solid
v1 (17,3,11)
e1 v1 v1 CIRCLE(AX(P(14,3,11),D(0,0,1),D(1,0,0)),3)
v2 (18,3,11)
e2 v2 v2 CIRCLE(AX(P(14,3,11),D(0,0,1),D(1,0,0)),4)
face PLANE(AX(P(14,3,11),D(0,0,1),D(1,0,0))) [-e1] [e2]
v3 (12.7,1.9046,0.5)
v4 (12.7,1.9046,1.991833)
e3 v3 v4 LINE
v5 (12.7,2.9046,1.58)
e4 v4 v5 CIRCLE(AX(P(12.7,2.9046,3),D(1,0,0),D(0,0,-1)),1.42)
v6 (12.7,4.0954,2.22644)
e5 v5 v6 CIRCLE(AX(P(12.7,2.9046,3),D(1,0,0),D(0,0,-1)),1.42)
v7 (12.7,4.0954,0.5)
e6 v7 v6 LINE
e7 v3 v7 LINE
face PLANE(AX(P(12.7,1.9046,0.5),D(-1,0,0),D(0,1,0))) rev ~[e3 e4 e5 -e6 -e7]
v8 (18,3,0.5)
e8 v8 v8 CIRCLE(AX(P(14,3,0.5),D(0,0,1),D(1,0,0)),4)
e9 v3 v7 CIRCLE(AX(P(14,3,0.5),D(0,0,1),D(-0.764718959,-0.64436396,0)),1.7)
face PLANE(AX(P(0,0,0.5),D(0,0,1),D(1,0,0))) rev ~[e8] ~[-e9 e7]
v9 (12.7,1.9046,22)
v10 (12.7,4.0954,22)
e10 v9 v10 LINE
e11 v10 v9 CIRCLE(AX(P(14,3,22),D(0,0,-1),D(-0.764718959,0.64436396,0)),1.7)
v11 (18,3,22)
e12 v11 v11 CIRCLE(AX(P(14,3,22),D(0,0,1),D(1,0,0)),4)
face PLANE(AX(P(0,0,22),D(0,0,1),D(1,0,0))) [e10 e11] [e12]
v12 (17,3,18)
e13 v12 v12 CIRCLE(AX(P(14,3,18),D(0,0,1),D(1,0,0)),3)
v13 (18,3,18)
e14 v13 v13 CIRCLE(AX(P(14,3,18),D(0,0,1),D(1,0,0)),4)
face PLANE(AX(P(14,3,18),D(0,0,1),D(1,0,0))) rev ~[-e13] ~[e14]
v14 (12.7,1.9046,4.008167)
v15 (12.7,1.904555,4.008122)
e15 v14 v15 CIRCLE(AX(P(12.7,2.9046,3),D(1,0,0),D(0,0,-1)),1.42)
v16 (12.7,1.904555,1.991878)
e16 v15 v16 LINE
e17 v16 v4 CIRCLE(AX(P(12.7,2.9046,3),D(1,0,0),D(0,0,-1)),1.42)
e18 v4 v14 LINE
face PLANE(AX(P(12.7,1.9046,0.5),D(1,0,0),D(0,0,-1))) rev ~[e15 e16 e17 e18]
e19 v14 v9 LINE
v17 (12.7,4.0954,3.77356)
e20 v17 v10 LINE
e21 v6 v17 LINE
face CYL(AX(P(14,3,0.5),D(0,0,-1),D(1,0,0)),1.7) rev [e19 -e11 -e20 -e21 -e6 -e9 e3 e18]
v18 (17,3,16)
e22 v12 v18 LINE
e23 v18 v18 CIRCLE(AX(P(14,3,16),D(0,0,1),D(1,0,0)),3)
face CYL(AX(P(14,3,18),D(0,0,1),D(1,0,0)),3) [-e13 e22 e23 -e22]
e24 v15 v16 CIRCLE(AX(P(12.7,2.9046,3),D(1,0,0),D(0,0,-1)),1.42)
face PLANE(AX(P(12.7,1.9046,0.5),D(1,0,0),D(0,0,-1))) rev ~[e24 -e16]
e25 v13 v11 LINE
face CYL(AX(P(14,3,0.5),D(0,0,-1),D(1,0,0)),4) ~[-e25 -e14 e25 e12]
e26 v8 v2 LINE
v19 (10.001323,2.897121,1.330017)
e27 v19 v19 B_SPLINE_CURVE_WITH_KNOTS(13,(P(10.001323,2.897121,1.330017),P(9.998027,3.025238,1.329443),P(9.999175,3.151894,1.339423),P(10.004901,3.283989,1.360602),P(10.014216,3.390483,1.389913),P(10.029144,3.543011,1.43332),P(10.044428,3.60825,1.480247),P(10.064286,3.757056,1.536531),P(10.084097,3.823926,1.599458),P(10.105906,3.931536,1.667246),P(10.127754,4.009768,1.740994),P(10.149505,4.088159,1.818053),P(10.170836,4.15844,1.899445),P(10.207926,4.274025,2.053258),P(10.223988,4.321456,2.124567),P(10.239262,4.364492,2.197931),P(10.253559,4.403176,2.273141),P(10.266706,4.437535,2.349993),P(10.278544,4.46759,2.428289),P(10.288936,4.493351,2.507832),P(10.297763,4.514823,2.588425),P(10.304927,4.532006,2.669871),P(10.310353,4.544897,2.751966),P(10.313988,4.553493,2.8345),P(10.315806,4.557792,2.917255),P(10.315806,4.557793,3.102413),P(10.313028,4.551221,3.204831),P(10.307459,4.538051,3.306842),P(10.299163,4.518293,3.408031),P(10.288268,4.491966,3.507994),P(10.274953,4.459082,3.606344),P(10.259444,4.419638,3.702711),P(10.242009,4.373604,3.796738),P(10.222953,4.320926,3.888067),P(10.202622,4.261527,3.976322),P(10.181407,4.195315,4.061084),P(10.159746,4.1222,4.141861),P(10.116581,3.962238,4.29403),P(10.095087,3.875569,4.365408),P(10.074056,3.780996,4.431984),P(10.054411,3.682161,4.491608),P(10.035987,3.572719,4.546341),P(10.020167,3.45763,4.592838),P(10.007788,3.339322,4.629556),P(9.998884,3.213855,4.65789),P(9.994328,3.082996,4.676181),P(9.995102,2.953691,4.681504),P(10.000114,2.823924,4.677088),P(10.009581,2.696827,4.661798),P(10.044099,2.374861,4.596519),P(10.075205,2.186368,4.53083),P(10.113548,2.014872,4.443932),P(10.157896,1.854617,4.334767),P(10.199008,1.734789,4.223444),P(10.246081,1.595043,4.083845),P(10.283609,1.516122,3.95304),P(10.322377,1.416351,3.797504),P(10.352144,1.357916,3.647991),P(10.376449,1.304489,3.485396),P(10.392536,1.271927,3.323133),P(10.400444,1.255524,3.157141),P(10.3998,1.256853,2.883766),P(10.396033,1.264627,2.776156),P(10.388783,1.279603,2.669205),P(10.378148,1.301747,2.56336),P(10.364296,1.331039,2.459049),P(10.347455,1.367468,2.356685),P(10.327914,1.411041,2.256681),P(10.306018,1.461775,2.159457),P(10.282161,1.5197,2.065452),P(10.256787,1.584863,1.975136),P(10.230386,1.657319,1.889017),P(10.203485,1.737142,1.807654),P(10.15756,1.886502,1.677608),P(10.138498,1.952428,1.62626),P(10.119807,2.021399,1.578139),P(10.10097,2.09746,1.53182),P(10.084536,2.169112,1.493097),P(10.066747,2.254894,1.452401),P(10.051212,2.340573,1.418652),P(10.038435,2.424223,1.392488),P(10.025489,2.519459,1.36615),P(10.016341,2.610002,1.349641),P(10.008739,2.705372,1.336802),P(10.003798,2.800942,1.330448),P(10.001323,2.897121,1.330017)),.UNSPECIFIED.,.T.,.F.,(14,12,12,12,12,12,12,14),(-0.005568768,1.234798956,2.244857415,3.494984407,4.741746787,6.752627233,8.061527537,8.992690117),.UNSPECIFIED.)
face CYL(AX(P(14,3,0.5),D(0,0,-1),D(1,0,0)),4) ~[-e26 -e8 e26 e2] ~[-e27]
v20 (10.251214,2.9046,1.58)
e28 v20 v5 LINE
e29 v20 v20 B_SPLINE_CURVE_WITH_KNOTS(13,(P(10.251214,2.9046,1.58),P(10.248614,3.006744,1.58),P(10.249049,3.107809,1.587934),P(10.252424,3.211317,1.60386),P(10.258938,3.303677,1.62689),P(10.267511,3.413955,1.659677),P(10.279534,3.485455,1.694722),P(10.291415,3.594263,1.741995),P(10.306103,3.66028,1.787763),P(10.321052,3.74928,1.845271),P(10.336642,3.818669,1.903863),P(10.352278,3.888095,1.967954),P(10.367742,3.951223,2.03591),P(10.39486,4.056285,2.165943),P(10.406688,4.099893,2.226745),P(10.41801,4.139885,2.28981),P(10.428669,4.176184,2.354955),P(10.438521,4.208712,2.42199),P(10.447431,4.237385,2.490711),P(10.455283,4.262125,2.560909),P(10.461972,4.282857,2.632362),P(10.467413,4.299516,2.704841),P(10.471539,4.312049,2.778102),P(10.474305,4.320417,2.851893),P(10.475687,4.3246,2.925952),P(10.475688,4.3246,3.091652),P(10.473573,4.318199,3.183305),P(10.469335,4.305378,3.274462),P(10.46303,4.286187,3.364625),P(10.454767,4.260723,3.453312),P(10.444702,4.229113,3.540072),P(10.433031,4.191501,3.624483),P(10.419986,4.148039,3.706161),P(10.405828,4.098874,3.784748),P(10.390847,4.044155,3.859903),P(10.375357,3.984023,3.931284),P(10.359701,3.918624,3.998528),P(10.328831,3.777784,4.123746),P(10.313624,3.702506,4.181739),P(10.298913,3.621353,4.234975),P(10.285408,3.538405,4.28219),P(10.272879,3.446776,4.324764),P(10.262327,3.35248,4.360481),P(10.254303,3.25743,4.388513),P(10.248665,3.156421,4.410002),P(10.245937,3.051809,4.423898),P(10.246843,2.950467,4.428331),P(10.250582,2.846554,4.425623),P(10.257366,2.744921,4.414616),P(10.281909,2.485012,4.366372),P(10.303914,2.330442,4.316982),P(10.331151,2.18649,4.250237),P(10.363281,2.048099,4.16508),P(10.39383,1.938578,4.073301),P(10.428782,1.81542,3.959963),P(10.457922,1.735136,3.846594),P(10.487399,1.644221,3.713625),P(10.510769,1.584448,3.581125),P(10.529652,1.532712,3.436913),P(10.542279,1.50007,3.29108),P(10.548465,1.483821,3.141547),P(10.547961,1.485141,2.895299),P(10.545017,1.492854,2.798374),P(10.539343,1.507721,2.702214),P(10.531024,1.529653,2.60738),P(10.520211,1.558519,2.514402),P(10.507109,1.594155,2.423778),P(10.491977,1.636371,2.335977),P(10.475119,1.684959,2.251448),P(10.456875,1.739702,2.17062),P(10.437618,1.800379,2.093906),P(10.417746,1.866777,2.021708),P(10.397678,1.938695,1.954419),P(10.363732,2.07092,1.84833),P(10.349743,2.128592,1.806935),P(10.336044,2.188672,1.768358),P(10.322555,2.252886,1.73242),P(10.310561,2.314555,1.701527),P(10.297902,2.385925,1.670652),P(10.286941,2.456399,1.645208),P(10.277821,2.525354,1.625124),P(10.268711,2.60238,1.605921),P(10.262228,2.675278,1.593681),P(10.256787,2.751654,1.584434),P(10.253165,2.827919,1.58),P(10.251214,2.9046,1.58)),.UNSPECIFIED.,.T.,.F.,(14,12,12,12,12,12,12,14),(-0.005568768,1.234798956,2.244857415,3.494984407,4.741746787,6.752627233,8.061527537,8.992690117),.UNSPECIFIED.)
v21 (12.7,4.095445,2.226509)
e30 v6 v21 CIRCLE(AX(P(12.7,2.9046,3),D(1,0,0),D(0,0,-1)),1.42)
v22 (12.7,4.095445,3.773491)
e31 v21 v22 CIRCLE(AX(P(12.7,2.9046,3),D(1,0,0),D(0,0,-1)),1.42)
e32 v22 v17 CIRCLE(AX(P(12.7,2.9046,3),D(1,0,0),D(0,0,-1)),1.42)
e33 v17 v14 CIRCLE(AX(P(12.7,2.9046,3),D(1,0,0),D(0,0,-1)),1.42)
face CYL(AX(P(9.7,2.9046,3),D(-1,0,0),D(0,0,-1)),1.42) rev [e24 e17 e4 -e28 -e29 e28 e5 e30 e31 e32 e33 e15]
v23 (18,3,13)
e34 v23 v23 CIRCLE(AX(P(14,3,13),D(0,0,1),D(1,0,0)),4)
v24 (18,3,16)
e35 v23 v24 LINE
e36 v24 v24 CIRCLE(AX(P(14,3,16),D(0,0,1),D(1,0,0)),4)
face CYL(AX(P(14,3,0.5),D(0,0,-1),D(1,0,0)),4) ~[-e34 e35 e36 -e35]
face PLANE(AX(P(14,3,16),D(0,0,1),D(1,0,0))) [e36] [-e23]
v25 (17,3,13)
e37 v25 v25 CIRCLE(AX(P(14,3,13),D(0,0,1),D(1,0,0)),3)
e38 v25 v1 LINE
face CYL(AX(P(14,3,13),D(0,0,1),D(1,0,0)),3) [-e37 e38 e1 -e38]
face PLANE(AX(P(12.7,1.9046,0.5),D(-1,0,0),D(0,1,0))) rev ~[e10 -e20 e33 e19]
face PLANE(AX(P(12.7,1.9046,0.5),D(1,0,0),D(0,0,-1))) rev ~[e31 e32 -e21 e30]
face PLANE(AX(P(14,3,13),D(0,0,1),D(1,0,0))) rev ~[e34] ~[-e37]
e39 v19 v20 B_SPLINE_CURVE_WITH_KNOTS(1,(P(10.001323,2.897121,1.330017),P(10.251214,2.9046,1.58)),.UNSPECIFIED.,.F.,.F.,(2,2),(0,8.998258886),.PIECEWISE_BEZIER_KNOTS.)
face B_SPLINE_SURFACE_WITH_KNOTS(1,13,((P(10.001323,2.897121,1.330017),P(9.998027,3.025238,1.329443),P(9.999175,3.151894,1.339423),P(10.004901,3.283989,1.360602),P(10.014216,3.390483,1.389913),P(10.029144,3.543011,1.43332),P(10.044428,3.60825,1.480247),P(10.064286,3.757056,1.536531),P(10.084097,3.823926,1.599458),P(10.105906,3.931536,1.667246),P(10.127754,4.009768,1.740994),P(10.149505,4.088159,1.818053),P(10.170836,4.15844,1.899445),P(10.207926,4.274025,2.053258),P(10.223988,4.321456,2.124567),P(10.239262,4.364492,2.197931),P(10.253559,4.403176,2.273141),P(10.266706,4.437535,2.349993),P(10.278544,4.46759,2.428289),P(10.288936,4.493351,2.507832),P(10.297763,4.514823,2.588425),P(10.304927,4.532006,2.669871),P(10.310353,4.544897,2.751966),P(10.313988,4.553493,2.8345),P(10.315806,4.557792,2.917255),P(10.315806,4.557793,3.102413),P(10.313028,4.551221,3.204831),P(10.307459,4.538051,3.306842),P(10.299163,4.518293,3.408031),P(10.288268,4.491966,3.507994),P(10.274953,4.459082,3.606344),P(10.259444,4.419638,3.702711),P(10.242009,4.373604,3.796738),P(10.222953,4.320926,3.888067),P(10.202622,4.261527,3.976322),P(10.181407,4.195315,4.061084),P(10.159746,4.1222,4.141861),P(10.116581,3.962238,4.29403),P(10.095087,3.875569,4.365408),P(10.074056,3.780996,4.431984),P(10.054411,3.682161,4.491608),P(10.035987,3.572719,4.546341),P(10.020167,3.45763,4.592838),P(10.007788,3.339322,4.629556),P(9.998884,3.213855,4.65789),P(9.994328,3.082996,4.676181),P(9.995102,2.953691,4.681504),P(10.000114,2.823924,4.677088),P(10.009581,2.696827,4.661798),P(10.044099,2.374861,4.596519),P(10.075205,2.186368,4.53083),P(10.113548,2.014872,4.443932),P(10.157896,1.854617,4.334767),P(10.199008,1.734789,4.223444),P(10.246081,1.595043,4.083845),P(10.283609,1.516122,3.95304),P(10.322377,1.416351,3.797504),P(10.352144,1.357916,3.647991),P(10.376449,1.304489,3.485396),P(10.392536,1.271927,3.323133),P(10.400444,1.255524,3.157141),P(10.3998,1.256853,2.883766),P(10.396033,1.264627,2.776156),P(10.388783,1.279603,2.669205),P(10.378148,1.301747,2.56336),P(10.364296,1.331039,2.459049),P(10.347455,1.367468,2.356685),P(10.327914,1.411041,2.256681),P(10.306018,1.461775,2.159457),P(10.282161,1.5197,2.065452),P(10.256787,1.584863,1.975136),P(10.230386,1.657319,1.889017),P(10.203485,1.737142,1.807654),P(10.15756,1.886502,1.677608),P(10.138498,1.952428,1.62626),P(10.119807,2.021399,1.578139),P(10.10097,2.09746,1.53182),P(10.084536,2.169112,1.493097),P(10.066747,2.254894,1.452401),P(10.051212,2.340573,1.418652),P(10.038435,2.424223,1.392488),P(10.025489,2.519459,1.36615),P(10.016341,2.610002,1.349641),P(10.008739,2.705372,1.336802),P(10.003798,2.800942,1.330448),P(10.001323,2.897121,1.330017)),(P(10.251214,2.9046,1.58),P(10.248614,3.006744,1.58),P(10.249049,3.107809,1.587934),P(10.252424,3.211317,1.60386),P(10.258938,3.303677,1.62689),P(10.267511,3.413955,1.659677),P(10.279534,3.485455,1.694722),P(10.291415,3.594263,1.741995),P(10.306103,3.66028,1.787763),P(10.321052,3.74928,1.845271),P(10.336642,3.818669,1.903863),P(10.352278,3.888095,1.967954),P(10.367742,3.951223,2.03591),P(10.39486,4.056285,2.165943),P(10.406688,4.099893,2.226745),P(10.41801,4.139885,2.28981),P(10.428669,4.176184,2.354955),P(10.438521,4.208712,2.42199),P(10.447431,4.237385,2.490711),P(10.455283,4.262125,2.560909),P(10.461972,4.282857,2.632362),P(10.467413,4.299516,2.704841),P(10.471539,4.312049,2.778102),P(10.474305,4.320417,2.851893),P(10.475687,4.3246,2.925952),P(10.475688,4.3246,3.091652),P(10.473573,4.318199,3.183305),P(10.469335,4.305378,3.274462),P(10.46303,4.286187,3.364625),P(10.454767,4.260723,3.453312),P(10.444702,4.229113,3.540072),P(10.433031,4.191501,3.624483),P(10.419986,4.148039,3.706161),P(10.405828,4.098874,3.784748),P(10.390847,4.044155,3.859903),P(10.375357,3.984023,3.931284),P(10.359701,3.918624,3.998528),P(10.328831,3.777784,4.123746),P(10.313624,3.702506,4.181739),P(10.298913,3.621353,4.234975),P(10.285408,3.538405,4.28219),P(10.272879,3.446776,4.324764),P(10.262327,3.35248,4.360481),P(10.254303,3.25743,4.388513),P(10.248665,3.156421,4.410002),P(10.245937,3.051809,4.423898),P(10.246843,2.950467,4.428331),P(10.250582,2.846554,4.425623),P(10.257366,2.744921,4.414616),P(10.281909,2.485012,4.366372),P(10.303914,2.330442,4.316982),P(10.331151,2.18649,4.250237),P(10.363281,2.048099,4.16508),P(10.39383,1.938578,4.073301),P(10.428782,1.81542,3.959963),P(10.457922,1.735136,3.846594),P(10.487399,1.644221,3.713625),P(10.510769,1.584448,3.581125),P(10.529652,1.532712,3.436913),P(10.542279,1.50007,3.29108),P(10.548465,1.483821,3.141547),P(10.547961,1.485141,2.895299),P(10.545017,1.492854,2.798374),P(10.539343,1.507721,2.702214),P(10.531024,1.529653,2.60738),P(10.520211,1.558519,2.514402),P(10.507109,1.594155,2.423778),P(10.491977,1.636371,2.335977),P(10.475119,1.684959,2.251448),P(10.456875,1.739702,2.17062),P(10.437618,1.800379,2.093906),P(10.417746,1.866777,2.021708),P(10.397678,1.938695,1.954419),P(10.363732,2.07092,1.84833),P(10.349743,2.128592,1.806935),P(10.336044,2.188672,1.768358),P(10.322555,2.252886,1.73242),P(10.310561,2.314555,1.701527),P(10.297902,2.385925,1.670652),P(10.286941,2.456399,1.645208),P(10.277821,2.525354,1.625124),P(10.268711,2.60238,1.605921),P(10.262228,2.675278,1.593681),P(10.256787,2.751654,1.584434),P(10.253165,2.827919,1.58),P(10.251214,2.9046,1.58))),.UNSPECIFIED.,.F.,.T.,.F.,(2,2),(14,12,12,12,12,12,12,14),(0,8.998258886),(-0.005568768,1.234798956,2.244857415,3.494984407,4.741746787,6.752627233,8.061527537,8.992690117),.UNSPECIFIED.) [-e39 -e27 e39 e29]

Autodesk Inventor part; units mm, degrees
ref_plane "YZ Plane" through (0, 0, 0) normal (1, 0, 0) x (0, 1, 0)
ref_plane "XZ Plane" through (0, 0, 0) normal (0, 1, 0) x (-1, 0, 0)
ref_plane "XY Plane" through (0, 0, 0) normal (0, 0, 1) x (1, 0, 0)
ref_plane "Work Plane1" through (0, 0, 0.5) normal (0, 0, 1) x (1, 0, 0)
sketch "Sketch1" plane through (0, 0, 0.5) normal (0, 0, 1) x (1, 0, 0)
  arc A0 (13, 1.882) -> (13, 4.118) centre (14, 3) ccw projected
  arc A1 (13, 1.882) -> (13, 4.118) centre (14, 3) ccw projected
  line L0 (13, 4.118) -> (13, 1.882) projected
  circle A2 centre (14, 3) radius 6
  circle A3 centre (14, 3) radius 4
  circle A4 centre (14, 3) radius 1.7
  line L1 (12.7, 1.9046) -> (12.7, 4.0954)
  point P0 (0, 0)
  dimension "d0" = 12
  dimension "d1" = 8
  dimension "d2" = 0.2
  dimension "d3" = 0.3
extrude "Extrusion1" add sketch "Sketch1" along normal blind 21.5 contours A3 | L1 A4 picked at (12.5667, 3)
ref_plane "Work Plane2" through (14, 3, 18) normal (0, 0, 1) x (1, 0, 0)
sketch "Sketch2" plane through (14, 3, 18) normal (0, 0, 1) x (1, 0, 0)
  circle A0 centre (0, 0) radius 4 projected
  arc A1 (-1.3, -1.0954) -> (-1.3, 1.0954) centre (0, 0) ccw projected
  line L0 (-1.3, -1.0954) -> (-1.3, 1.0954) projected
  circle A2 centre (0, 0) radius 3
  point P0 (-14, -3)
  dimension "d7" = 6
extrude "Extrusion2" cut sketch "Sketch2" against normal blind 2 contours A0
ref_plane "Work Plane3" through (9.7, 1.9046, 0.5) normal (1, 0, 0) x (0, 0, -1)
sketch "Sketch3" plane through (9.7, 1.9046, 0.5) normal (1, 0, 0) x (0, 0, -1)
  circle A0 centre (-2.5, 1) radius 1.42
  line L0 (-21.5, 0) -> (-21.5, 2.1909) projected
  point P0 (0.5, -1.9046)
  dimension "d11" = 2.84
  dimension "d12" = 1
  dimension "d15" = 19
extrude "Extrusion3" cut sketch "Sketch3" along normal blind 3
chamfer "Chamfer1" distance 0.25 angle 45 1 edges at (10.0014, 2.8952, 4.42)
ref_plane "Work Plane4" through (14, 3, 13) normal (0, 0, 1) x (1, 0, 0)
sketch "Sketch4" plane through (14, 3, 13) normal (0, 0, 1) x (1, 0, 0)
  circle A0 centre (0, 0) radius 4 projected
  circle A1 centre (0, 0) radius 4 projected
  circle A2 centre (0, 0) radius 3 projected
  point P0 (-14, -3)
extrude "Extrusion4" cut sketch "Sketch4" against normal blind 2
properties part number "rim-v1" material "Tworzywo sztuczne PET"
